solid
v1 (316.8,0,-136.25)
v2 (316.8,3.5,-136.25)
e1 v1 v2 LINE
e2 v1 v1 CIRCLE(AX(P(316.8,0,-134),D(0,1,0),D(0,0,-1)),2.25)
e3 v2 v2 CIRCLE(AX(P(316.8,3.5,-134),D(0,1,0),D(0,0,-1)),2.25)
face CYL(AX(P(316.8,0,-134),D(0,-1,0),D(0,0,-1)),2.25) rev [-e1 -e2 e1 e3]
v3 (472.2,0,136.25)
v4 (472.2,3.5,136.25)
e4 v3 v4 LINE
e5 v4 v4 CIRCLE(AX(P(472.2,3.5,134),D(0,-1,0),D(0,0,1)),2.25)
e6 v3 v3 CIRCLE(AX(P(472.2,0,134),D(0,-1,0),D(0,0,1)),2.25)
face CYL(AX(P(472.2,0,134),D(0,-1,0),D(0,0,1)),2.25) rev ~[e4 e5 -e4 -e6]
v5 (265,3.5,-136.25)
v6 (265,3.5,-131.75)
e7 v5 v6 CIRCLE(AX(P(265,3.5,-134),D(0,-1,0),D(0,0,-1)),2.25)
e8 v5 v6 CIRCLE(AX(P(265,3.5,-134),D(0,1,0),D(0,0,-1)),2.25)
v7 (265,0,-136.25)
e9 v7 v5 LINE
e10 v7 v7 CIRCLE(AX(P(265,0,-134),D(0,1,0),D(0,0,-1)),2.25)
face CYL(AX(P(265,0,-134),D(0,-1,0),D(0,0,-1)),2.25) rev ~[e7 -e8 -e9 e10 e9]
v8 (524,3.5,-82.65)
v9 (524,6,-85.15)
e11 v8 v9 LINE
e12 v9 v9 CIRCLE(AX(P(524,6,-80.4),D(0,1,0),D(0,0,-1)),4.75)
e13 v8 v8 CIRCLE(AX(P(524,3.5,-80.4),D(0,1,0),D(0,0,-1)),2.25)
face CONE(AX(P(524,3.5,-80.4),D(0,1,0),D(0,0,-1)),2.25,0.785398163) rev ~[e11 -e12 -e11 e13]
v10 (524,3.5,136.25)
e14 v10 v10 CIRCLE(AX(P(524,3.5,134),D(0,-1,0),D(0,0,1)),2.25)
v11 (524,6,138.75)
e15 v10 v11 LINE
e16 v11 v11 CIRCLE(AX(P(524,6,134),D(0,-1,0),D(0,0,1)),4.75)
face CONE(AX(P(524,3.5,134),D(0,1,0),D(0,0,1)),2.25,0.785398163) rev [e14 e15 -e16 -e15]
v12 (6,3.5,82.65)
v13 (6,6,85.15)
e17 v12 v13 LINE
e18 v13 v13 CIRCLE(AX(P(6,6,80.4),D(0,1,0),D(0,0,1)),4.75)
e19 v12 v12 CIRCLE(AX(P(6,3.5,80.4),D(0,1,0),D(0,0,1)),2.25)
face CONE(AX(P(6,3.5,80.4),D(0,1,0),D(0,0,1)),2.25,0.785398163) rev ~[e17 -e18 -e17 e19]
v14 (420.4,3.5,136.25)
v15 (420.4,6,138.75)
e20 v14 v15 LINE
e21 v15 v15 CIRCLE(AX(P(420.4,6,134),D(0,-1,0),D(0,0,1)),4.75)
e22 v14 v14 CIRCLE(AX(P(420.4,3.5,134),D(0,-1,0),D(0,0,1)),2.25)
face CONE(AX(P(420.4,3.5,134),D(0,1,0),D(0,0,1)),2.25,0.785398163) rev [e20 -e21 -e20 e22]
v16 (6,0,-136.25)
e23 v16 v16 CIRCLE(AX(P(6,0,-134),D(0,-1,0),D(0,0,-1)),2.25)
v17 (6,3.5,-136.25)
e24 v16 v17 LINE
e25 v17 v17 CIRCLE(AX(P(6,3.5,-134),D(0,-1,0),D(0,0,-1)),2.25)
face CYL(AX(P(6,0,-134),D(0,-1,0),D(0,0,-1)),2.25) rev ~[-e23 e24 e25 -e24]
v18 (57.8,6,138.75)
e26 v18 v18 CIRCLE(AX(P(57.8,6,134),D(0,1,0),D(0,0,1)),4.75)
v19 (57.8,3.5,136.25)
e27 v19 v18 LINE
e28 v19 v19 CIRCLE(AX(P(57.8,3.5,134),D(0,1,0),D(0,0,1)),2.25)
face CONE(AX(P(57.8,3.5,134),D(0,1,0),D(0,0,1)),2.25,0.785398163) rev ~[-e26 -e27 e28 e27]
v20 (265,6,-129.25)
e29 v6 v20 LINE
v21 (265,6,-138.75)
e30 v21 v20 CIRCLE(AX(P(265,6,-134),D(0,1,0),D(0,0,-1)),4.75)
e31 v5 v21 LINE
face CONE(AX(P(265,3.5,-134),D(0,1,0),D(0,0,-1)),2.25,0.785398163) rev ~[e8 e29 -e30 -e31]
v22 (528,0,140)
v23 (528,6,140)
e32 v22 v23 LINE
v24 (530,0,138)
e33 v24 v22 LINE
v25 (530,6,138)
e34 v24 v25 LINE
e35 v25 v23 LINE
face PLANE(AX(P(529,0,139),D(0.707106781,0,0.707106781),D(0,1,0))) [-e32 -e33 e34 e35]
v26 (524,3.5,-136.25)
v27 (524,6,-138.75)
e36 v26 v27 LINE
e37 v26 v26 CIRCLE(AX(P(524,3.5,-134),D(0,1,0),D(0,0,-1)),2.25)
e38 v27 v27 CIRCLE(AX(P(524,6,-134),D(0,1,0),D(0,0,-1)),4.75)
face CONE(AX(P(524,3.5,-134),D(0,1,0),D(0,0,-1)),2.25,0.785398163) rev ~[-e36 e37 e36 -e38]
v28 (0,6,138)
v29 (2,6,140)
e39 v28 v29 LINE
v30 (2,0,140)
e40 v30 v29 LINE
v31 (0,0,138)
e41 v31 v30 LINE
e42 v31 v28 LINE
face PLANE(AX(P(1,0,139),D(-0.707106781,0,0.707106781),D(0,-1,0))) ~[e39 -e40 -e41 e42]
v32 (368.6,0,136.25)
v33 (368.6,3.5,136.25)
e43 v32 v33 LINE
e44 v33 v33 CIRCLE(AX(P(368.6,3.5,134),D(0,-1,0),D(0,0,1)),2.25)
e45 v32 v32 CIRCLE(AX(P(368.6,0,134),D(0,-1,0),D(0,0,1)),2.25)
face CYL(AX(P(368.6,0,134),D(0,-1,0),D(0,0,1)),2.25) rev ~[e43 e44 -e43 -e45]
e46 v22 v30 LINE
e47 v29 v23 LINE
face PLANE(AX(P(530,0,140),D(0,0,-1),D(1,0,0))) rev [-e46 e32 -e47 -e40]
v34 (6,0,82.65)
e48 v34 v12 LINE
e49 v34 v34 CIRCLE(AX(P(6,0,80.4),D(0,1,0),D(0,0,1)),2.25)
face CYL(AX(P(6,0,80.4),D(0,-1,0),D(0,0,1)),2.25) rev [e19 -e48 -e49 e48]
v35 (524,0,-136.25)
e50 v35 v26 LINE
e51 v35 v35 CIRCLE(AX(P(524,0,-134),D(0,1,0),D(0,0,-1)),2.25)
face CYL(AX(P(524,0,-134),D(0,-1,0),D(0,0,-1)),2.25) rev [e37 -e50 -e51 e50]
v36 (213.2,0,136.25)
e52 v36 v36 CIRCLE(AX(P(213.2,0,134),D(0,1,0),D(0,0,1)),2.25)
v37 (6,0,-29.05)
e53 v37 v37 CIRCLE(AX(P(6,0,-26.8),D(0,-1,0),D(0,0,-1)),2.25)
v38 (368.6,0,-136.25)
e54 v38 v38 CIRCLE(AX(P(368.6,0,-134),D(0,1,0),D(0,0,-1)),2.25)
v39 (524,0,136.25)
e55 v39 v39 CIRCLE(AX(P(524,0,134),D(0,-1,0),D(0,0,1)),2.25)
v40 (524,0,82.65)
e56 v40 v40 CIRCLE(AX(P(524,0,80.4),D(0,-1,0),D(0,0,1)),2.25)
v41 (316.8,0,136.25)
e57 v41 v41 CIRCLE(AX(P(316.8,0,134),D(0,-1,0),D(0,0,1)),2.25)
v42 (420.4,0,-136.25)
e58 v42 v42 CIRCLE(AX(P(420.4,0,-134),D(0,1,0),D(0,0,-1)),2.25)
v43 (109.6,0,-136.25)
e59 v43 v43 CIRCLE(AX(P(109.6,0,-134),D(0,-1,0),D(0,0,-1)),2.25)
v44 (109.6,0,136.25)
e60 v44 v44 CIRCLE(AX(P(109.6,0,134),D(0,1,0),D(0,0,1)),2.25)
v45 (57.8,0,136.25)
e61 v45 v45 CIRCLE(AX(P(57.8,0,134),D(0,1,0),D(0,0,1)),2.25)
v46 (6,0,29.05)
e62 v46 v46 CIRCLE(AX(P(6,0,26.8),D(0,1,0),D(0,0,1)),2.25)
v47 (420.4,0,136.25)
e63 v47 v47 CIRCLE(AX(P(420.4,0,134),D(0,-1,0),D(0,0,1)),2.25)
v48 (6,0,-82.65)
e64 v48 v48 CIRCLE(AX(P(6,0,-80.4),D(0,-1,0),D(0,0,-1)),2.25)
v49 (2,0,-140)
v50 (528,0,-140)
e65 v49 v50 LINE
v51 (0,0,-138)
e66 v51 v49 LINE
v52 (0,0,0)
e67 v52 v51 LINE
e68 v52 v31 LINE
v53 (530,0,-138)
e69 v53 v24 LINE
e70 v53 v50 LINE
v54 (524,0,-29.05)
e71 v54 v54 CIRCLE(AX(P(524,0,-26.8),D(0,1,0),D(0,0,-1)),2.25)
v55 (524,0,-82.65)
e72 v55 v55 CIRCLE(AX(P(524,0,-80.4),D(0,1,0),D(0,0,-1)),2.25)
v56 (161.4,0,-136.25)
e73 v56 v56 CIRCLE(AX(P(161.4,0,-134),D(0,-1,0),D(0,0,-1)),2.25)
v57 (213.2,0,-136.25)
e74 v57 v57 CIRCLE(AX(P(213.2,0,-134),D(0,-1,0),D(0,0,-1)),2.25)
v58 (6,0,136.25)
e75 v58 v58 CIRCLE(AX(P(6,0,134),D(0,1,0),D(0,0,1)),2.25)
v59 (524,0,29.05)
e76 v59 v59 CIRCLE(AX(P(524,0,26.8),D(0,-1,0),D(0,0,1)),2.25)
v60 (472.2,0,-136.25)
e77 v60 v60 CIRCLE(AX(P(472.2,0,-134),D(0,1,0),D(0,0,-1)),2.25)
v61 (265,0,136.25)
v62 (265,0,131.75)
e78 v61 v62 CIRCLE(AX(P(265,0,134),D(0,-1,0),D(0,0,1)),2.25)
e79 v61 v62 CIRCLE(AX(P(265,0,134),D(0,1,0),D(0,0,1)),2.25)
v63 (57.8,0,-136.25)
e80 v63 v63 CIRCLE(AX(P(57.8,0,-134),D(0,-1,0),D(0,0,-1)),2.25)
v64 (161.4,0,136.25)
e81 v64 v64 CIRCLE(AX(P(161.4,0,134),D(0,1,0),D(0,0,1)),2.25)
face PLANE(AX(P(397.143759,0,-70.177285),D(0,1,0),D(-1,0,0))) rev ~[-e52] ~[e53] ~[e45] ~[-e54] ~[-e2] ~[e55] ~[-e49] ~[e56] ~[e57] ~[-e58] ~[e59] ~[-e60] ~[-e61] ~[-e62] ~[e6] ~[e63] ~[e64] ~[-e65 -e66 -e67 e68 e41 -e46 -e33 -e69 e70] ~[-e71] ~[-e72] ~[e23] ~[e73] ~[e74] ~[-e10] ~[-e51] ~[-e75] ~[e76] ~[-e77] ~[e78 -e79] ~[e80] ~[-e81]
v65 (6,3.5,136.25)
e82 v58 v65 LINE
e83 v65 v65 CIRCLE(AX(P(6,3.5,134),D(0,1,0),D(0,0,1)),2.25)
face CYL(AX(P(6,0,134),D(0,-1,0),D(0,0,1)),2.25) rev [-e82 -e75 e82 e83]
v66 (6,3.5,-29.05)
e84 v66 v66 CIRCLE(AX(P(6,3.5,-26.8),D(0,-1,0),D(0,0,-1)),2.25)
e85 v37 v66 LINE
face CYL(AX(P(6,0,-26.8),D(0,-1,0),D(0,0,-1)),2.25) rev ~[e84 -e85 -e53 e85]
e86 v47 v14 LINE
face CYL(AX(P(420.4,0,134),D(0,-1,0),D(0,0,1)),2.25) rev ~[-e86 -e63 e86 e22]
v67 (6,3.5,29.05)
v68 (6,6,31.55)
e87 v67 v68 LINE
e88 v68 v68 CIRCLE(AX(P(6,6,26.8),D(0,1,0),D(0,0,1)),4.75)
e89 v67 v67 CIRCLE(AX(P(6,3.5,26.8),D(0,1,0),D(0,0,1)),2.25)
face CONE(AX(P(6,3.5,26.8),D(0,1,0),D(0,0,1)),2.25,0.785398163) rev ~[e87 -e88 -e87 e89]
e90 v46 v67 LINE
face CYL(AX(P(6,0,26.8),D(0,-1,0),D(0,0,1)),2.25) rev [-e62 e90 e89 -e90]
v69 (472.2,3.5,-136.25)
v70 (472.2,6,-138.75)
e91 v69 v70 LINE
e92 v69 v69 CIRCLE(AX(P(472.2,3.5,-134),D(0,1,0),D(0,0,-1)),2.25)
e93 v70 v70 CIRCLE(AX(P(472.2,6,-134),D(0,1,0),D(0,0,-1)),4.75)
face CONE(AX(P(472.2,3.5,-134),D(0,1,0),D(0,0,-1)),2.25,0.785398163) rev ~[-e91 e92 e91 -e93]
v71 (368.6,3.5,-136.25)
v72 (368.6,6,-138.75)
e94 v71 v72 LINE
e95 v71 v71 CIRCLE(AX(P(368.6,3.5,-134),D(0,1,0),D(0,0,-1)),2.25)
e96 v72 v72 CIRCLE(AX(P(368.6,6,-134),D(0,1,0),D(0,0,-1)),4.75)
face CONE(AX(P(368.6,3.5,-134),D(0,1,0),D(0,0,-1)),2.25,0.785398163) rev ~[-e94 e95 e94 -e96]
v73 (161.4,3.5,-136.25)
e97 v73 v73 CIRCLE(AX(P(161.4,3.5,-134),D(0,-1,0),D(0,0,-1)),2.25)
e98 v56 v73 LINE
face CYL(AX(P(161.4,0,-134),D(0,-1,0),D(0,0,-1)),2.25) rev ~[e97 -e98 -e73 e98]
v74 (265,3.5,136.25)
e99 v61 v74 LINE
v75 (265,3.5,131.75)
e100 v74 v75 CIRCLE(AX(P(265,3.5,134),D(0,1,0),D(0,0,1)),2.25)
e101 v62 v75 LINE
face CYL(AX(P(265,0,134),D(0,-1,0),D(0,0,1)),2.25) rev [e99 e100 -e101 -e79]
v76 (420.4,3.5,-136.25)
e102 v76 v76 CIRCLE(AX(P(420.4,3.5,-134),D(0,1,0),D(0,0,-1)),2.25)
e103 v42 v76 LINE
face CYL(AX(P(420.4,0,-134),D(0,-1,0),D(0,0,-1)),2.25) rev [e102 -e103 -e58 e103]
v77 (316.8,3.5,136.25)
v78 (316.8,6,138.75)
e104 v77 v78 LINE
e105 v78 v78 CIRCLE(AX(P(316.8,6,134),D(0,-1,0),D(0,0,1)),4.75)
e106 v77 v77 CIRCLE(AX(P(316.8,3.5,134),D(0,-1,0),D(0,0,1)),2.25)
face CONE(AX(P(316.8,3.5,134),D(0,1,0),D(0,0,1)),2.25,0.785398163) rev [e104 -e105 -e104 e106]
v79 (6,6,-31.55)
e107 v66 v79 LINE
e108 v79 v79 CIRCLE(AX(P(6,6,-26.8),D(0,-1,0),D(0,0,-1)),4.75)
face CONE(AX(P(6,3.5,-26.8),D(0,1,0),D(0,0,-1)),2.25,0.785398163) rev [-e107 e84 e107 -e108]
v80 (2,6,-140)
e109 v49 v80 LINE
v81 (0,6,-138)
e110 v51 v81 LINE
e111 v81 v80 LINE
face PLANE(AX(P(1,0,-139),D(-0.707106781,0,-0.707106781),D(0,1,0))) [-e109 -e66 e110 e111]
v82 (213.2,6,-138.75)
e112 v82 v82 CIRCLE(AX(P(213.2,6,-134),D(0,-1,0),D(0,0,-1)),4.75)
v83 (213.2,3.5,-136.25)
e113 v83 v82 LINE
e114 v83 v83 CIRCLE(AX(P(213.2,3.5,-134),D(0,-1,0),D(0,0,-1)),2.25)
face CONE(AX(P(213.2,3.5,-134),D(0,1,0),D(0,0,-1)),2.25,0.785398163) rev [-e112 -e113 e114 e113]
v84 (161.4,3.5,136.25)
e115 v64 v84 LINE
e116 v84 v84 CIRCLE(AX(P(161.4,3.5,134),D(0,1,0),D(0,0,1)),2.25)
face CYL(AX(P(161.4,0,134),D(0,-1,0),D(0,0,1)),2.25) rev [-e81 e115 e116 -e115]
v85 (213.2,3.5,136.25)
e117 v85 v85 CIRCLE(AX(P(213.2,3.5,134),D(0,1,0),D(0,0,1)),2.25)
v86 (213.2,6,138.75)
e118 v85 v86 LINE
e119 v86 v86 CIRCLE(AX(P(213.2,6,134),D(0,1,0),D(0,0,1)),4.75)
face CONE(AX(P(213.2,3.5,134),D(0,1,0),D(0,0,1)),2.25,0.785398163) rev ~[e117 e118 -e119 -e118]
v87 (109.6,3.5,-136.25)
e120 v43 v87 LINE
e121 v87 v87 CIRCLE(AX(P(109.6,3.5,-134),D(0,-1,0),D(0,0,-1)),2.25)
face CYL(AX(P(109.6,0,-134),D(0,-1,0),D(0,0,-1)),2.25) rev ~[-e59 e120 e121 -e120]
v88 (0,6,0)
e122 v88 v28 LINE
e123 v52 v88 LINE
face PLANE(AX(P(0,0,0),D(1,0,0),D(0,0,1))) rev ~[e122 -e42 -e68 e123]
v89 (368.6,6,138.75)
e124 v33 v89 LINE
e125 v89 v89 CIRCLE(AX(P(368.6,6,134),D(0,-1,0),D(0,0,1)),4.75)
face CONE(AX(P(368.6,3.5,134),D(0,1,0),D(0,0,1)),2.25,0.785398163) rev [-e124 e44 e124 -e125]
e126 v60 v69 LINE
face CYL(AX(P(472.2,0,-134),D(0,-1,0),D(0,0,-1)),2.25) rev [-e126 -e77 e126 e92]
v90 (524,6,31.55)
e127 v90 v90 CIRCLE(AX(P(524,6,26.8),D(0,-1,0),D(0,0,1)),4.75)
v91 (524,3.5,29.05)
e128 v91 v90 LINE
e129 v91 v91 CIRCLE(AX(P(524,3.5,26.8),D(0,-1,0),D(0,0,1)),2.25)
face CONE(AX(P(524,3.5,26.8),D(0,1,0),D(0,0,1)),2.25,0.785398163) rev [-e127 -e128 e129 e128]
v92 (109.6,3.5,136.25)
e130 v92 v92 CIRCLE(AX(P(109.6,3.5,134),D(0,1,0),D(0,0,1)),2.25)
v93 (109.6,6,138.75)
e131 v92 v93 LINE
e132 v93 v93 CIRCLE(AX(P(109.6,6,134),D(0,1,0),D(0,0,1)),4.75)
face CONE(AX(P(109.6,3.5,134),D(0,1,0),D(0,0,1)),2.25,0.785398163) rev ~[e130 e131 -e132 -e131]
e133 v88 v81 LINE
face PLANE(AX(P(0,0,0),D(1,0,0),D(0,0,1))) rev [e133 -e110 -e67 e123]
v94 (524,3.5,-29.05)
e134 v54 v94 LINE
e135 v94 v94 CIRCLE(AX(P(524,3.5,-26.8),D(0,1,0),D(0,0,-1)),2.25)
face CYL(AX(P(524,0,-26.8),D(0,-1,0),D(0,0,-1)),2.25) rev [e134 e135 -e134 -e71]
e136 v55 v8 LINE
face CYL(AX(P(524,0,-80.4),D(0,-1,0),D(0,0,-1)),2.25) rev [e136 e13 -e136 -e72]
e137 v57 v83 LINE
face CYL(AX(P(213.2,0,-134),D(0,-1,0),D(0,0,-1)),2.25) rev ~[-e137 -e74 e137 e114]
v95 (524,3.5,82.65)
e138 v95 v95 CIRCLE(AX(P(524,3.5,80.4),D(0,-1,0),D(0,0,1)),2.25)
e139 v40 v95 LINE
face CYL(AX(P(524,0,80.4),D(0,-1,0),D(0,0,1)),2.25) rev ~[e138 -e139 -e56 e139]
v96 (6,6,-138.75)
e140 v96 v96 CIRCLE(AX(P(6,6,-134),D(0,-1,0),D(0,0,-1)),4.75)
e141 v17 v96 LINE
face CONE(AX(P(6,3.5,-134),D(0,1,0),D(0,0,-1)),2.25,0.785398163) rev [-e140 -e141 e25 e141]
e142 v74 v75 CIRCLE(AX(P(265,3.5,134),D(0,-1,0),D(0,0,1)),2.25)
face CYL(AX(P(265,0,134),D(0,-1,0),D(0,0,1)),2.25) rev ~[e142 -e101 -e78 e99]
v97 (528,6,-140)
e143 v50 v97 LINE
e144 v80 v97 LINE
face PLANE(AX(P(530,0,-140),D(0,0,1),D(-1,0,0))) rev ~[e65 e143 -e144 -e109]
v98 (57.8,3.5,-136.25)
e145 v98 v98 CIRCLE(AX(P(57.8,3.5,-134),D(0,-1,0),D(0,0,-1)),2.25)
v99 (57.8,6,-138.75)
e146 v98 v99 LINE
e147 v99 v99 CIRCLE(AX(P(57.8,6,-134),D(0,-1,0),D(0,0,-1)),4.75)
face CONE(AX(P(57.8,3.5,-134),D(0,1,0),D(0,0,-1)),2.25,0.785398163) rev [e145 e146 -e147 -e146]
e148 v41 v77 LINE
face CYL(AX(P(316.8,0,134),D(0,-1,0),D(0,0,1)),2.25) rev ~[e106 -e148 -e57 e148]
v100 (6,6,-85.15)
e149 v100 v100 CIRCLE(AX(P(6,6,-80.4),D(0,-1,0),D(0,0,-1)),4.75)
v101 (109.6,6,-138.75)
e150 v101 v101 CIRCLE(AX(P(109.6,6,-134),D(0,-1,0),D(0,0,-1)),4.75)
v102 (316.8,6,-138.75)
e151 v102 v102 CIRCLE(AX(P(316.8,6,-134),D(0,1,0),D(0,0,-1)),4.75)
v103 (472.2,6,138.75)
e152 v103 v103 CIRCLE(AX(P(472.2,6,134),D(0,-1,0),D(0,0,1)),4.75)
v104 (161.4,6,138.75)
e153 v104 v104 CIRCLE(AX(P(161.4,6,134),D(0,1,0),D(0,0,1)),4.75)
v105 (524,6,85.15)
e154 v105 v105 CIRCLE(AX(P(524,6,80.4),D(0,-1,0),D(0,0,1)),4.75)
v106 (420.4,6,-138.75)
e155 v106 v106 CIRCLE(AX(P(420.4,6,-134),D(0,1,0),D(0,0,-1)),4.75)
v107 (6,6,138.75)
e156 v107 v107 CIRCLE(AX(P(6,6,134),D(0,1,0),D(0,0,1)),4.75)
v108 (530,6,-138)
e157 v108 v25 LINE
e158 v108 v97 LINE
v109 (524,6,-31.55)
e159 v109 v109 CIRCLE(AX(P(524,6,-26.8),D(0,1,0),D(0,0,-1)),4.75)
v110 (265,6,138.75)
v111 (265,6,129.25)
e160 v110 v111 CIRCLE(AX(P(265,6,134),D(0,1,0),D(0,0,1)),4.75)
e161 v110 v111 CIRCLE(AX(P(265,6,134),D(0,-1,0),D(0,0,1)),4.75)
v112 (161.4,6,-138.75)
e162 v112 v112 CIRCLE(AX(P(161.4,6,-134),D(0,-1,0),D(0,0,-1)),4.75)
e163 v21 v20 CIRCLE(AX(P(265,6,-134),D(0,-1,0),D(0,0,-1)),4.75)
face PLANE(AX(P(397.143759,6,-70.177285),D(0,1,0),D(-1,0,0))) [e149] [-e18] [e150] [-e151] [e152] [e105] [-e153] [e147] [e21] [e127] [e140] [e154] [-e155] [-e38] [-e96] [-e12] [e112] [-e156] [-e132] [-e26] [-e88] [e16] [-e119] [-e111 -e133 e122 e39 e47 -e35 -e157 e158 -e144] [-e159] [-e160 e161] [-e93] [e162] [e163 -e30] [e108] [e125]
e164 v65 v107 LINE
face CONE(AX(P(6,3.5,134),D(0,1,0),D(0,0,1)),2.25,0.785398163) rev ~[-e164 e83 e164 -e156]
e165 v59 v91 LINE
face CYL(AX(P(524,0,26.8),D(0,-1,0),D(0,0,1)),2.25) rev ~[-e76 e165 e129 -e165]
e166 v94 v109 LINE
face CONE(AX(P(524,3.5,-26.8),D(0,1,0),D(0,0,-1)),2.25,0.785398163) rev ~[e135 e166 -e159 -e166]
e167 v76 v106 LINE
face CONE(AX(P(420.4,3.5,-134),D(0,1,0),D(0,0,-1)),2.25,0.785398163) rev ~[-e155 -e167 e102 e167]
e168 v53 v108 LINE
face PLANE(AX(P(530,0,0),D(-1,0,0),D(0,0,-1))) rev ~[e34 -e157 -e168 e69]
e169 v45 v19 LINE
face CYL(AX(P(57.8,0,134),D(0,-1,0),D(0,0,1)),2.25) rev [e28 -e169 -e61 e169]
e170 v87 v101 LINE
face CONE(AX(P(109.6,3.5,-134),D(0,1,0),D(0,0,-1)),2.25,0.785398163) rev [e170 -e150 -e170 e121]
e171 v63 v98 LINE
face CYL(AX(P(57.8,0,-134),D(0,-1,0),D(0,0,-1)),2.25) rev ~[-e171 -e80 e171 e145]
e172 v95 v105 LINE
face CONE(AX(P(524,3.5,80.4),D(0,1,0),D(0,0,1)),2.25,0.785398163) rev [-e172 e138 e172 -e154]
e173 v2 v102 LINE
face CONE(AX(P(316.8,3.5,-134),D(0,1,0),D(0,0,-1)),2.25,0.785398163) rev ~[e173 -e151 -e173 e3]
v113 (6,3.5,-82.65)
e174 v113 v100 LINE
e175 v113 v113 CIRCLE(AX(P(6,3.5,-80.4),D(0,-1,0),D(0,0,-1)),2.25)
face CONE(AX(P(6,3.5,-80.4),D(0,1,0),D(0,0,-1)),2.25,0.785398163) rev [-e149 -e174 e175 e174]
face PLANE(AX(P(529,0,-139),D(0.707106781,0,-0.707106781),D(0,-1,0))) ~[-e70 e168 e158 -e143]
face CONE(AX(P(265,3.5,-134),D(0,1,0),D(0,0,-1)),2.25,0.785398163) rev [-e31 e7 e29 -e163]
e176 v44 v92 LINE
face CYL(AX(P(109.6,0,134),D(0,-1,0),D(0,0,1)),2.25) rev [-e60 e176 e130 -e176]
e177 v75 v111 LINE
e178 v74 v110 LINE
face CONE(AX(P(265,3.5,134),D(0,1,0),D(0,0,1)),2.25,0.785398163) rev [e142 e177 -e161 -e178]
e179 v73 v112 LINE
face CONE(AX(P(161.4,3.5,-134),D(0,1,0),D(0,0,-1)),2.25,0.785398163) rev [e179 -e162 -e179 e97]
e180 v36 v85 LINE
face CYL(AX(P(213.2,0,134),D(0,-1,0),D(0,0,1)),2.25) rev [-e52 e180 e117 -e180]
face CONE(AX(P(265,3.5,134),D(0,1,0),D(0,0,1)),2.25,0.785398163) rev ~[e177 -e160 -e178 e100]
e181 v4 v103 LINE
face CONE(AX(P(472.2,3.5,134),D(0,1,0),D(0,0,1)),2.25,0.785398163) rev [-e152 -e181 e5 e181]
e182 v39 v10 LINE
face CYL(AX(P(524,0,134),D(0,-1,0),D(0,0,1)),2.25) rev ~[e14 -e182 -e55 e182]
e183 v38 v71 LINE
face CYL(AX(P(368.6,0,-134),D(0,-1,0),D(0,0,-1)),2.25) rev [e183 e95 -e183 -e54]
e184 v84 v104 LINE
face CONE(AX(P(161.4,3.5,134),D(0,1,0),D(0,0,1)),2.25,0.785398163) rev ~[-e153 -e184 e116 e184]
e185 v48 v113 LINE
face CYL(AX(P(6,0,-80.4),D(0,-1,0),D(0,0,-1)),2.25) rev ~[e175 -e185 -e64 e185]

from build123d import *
from build123d.topology import SkipClean

# Parameters (mm, degrees)
SKETCH1_R           = 2.25
BOSS_EXTRUDE1_DEPTH = 6
CHAMFER1_SIZE       = 2.5
CHAMFER2_SIZE       = 2


with BuildPart() as part:
    # Sketch1 → Boss-Extrude1 (new body)
    with BuildSketch(Plane(origin=(0, 0, 0), x_dir=(1, 0, 0), z_dir=(0, 1, 0))):
        with BuildLine():
            Line((265, -131.75), (265, 0))
            Line((265, 0), (0, 0))
            Line((0, 0), (0, -140))
            Line((0, -140), (265, -140))
            Line((265, -140), (265, -136.25))
            ThreePointArc((265, -136.25), (262.75, -134), (265, -131.75))
        make_face()
        with Locations(Location((6, -26.8, 0), (0, 0, 270))):
            Circle(SKETCH1_R, mode=Mode.SUBTRACT)
        with Locations(Location((6, -80.4, 0), (0, 0, 270))):
            Circle(SKETCH1_R, mode=Mode.SUBTRACT)
        with Locations(Location((6, -134, 0), (0, 0, 270))):
            Circle(SKETCH1_R, mode=Mode.SUBTRACT)
        with Locations(Location((57.8, -134, 0), (0, 0, 270))):
            Circle(SKETCH1_R, mode=Mode.SUBTRACT)
        with Locations(Location((109.6, -134, 0), (0, 0, 270))):
            Circle(SKETCH1_R, mode=Mode.SUBTRACT)
        with Locations(Location((161.4, -134, 0), (0, 0, 270))):
            Circle(SKETCH1_R, mode=Mode.SUBTRACT)
        with Locations(Location((213.2, -134, 0), (0, 0, 270))):
            Circle(SKETCH1_R, mode=Mode.SUBTRACT)
    extrude(amount=BOSS_EXTRUDE1_DEPTH)

    # Chamfer1
    chamfer1_edges = [part.edges().sort_by_distance(p)[0] for p in [
        (262.75, 6, 134),
        (57.8, 6, 131.75),
        (109.6, 6, 131.75),
        (6, 6, 131.75),
        (6, 6, 78.15),
        (6, 6, 24.55),
        (213.2, 6, 131.75),
        (161.4, 6, 131.75),
    ]]
    chamfer(chamfer1_edges, length=CHAMFER1_SIZE)

    # Mirror3: part across plane


with BuildPart() as part_1:
    with SkipClean():  # the faces are left unmerged after this step: merging them gives an invalid solid
        add(part.part)
        add(part.part.mirror(Plane(origin=(265, 6, 131.75), x_dir=(0, 0, 1), z_dir=(-1, 0, 0))))

    # Mirror4: part across plane


with BuildPart() as part_2:
    with SkipClean():  # the faces are left unmerged after this step: merging them gives an invalid solid
        add(part_1.part)
        add(part_1.part.mirror(Plane(origin=(0, 6, 0), x_dir=(1, 0, 0), z_dir=(0, 0, -1))))

    # Chamfer2
    chamfer2_edges = [part_2.edges().sort_by_distance(p)[0] for p in [
        (0, 3, 140),
        (530, 3, -140),
        (0, 3, -140),
        (530, 3, 140),
    ]]
    chamfer(chamfer2_edges, length=CHAMFER2_SIZE)


solid = part_2.part
